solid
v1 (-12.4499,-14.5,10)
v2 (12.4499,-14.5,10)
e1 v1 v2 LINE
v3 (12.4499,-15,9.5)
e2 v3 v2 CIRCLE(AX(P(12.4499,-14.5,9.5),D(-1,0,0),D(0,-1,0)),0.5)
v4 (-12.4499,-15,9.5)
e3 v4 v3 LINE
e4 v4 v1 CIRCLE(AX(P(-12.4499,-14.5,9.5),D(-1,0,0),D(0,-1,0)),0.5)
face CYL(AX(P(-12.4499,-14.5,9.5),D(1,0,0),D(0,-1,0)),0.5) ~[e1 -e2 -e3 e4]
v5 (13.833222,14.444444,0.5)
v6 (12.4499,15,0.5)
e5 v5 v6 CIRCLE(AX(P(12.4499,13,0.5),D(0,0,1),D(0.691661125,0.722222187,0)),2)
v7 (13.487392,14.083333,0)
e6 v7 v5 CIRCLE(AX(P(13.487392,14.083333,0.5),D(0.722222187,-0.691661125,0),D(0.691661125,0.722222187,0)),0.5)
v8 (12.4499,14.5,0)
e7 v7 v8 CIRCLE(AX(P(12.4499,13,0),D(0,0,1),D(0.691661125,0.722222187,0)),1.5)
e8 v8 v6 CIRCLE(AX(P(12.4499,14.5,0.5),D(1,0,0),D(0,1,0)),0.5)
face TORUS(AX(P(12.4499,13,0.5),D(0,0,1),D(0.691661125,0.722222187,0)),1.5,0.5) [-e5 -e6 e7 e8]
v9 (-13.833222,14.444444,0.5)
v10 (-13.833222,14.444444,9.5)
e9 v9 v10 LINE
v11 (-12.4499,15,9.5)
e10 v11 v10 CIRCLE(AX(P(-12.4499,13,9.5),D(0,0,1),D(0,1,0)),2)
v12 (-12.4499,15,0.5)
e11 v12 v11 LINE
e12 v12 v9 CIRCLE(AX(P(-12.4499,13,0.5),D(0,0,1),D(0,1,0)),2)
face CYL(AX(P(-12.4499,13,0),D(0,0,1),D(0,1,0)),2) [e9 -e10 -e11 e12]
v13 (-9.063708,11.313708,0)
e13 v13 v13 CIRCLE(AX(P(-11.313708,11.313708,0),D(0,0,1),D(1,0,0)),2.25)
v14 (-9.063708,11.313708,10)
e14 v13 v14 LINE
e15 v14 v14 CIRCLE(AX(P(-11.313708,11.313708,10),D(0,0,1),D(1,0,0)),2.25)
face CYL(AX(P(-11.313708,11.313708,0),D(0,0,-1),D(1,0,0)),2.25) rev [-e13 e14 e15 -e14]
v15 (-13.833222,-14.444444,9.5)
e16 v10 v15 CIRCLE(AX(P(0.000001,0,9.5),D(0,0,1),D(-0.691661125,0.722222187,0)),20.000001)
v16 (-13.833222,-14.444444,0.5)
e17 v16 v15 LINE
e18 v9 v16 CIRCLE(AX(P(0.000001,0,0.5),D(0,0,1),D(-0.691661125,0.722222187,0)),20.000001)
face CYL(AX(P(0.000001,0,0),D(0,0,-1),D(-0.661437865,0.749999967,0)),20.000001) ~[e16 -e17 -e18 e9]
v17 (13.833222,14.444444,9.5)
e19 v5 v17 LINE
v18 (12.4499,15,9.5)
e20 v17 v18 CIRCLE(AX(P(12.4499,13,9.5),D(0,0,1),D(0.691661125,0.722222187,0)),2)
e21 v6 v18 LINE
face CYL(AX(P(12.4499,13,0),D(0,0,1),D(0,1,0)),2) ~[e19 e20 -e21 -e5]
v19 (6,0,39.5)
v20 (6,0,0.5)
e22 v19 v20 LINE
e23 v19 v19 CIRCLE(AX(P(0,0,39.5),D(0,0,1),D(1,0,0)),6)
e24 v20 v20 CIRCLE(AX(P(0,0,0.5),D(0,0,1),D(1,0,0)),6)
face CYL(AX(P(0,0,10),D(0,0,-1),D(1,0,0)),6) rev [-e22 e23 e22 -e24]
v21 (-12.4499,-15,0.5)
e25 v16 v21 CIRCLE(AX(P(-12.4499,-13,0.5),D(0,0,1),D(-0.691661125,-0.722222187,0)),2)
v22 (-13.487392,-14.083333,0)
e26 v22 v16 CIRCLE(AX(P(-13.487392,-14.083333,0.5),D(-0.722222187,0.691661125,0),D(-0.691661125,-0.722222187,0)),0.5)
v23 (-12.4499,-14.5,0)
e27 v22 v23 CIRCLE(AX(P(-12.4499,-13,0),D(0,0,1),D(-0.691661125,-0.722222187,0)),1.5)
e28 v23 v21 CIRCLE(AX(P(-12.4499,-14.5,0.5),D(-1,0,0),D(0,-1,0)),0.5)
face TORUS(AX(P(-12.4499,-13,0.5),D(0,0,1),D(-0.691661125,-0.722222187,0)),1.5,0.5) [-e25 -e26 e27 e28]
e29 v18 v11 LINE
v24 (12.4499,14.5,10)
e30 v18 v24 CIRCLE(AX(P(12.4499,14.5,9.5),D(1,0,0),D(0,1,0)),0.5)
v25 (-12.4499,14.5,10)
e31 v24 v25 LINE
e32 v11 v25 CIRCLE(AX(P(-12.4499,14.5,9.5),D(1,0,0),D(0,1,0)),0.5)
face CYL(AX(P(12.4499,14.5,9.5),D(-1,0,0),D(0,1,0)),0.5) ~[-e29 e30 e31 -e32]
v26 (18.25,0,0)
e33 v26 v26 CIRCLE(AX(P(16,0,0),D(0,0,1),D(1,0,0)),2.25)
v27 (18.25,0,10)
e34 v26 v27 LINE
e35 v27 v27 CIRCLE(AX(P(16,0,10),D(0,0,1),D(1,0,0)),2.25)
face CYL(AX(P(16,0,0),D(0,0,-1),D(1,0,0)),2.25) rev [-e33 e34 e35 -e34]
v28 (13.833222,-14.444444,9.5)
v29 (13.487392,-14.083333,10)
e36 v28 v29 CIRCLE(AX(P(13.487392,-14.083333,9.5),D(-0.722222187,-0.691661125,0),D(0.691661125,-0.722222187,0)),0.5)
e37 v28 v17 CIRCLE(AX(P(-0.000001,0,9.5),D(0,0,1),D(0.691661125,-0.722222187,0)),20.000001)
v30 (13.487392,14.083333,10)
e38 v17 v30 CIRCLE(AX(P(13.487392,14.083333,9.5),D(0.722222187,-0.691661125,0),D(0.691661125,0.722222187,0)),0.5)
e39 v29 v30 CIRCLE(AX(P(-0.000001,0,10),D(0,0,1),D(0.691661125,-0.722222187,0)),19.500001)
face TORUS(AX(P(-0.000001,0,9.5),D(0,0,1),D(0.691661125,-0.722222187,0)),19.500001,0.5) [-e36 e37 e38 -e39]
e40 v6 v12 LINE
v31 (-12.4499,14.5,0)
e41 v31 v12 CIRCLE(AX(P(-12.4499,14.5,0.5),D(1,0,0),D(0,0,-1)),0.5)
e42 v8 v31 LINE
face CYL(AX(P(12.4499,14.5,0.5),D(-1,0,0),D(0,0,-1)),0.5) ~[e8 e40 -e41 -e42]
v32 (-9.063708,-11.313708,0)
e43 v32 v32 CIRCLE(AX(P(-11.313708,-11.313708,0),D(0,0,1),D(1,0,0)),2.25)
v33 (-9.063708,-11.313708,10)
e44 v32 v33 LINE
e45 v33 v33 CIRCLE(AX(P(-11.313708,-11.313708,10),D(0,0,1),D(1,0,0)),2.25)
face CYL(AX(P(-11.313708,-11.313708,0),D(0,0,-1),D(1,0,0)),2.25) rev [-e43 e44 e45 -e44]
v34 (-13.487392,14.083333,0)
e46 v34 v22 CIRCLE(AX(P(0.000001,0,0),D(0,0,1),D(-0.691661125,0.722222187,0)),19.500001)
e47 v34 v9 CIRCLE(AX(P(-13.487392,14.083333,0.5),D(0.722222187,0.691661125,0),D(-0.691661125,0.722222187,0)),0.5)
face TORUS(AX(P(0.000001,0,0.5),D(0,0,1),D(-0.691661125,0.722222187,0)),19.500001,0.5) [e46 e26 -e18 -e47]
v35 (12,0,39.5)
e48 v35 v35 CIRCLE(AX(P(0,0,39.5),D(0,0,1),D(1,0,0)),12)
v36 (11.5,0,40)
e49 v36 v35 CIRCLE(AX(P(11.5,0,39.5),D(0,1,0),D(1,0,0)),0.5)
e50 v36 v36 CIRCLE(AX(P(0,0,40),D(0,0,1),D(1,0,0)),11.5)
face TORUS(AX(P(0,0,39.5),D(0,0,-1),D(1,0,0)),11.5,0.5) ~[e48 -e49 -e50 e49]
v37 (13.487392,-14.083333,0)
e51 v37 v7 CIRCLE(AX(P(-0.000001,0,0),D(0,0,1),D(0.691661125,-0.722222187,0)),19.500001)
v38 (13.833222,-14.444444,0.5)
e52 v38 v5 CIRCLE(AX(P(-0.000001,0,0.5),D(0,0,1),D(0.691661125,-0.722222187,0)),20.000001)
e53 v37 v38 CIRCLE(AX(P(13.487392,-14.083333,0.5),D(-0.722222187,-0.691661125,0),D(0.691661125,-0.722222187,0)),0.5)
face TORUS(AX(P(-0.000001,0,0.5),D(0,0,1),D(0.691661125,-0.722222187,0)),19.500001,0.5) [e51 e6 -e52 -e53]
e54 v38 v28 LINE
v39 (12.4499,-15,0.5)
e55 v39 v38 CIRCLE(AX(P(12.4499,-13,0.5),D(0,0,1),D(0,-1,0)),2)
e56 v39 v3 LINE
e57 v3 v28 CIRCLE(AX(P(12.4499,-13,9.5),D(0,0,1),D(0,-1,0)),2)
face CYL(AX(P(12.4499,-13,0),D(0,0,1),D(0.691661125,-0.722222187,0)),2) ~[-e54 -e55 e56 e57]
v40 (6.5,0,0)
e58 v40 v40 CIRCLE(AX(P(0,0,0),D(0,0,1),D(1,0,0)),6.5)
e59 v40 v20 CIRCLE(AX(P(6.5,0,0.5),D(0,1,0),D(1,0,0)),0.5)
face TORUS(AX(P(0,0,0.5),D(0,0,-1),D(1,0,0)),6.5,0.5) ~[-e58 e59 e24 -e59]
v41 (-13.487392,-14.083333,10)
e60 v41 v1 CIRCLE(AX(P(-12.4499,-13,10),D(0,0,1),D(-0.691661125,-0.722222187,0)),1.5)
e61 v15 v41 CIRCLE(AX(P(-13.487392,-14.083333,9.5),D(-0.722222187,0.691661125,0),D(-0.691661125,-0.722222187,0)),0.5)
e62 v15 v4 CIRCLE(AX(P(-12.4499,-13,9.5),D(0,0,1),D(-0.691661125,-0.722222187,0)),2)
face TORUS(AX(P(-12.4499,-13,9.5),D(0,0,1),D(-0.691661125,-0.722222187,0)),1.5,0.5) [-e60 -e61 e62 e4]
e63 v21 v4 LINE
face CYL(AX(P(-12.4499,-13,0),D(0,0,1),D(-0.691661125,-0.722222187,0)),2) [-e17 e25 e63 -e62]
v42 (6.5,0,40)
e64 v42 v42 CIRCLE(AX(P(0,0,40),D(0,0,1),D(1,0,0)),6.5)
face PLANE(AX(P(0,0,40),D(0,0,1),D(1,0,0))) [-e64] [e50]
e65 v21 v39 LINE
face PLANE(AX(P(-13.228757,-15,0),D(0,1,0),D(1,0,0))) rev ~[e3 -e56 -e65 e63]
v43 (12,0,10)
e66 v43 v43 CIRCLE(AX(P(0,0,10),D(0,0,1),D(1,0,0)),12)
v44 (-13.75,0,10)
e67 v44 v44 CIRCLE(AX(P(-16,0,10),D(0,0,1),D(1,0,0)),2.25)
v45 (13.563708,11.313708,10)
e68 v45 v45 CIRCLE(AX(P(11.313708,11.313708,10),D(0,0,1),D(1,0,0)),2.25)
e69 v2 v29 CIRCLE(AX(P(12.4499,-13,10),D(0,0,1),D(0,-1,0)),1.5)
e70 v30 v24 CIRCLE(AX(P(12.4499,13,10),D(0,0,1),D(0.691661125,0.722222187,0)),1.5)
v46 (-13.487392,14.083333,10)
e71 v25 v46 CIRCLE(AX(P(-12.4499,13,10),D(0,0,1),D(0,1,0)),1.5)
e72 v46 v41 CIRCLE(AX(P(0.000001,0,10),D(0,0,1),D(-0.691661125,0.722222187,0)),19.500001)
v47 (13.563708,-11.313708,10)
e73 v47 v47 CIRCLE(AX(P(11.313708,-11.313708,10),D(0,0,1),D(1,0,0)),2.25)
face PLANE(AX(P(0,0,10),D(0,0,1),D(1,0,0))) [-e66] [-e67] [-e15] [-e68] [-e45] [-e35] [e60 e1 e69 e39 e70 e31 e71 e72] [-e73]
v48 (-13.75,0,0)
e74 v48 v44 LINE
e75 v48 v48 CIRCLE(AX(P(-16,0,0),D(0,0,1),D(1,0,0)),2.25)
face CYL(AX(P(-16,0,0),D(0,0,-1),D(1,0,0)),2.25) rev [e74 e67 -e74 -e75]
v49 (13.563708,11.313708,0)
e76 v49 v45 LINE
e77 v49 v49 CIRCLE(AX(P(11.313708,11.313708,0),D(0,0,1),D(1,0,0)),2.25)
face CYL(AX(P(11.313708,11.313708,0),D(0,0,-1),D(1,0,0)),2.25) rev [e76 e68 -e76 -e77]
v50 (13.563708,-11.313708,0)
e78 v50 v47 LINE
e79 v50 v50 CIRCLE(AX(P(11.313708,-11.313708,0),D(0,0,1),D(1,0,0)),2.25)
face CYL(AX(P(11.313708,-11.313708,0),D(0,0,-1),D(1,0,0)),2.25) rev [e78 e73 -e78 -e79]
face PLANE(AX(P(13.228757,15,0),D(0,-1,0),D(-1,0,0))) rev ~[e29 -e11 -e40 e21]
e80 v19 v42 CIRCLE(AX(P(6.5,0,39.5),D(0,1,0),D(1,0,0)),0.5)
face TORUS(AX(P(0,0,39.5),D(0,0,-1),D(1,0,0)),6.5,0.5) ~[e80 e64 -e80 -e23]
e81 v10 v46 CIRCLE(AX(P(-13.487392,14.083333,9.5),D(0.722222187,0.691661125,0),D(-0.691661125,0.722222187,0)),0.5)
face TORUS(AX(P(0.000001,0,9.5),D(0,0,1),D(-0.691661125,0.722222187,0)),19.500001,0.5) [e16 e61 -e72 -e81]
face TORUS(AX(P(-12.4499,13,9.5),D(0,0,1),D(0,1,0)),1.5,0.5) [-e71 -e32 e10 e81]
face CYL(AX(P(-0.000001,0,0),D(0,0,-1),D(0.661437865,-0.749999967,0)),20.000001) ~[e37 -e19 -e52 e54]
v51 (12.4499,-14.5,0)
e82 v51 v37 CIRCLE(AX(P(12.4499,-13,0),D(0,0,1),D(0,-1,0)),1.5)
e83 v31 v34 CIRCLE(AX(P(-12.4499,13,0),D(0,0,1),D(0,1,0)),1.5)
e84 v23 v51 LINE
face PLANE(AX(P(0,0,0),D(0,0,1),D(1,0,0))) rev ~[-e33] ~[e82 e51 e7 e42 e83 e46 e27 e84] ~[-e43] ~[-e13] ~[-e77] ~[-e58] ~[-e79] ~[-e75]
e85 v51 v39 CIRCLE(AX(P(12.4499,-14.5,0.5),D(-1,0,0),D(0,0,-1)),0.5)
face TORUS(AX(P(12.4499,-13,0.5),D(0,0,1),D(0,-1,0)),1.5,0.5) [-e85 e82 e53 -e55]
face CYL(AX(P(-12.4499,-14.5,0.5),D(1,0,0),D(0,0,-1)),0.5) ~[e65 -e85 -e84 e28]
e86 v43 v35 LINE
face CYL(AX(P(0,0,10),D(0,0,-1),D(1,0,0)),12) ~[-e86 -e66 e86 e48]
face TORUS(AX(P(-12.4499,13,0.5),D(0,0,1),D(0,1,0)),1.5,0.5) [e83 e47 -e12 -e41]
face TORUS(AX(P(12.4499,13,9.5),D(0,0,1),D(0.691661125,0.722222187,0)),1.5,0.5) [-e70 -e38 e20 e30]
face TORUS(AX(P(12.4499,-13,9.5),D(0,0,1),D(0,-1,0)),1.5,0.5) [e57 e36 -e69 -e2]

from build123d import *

# Parameters (mm, degrees)
F0_R     = 2.25
F0_R_2   = 6
F1_DEPTH = 10
F2_R     = 12
F2_R_2   = 6
F3_DEPTH = 30
F4_R     = 2
F5_R     = 0.5


with BuildPart() as f1:
    # F0 (on Top) → F1 (new body)
    with BuildSketch(Plane.XY):
        with BuildLine():
            Line((-13.228757, -15), (13.228757, -15))
            ThreePointArc((13.228757, -15), (20, 0), (13.228757, 15))
            Line((13.228757, 15), (-13.228757, 15))
            ThreePointArc((-13.228757, 15), (-20, 0), (-13.228757, -15))
        make_face()
        with Locations((-11.313708, -11.313708)):
            Circle(F0_R, mode=Mode.SUBTRACT)
        with Locations((-16, 0)):
            Circle(F0_R, mode=Mode.SUBTRACT)
        Circle(F0_R_2, mode=Mode.SUBTRACT)
        with Locations((11.313708, -11.313708)):
            Circle(F0_R, mode=Mode.SUBTRACT)
        with Locations((16, 0)):
            Circle(F0_R, mode=Mode.SUBTRACT)
        with Locations((-11.313708, 11.313708)):
            Circle(F0_R, mode=Mode.SUBTRACT)
        with Locations((11.313708, 11.313708)):
            Circle(F0_R, mode=Mode.SUBTRACT)
    extrude(amount=F1_DEPTH)

    # F2 (on face) → F3 (join)
    with BuildSketch(Plane.XY.offset(10)):
        Circle(F2_R)
        Circle(F2_R_2, mode=Mode.SUBTRACT)
    extrude(amount=F3_DEPTH)

    # F4
    f4_edges = [f1.edges().sort_by_distance(p)[0] for p in [
        (-13.228757, -15, 5),
        (13.228757, -15, 5),
        (13.228757, 15, 5),
        (-13.228757, 15, 5),
    ]]
    fillet(f4_edges, radius=F4_R)

    # F5
    f5_edges = [f1.edges().sort_by_distance(p)[0] for p in [
        (-12, 0, 40),
        (20, 0, 10),
        (20, 0, 0),
        (-6, 0, 40),
        (-6, 0, 0),
    ]]
    fillet(f5_edges, radius=F5_R)


solid = f1.part
